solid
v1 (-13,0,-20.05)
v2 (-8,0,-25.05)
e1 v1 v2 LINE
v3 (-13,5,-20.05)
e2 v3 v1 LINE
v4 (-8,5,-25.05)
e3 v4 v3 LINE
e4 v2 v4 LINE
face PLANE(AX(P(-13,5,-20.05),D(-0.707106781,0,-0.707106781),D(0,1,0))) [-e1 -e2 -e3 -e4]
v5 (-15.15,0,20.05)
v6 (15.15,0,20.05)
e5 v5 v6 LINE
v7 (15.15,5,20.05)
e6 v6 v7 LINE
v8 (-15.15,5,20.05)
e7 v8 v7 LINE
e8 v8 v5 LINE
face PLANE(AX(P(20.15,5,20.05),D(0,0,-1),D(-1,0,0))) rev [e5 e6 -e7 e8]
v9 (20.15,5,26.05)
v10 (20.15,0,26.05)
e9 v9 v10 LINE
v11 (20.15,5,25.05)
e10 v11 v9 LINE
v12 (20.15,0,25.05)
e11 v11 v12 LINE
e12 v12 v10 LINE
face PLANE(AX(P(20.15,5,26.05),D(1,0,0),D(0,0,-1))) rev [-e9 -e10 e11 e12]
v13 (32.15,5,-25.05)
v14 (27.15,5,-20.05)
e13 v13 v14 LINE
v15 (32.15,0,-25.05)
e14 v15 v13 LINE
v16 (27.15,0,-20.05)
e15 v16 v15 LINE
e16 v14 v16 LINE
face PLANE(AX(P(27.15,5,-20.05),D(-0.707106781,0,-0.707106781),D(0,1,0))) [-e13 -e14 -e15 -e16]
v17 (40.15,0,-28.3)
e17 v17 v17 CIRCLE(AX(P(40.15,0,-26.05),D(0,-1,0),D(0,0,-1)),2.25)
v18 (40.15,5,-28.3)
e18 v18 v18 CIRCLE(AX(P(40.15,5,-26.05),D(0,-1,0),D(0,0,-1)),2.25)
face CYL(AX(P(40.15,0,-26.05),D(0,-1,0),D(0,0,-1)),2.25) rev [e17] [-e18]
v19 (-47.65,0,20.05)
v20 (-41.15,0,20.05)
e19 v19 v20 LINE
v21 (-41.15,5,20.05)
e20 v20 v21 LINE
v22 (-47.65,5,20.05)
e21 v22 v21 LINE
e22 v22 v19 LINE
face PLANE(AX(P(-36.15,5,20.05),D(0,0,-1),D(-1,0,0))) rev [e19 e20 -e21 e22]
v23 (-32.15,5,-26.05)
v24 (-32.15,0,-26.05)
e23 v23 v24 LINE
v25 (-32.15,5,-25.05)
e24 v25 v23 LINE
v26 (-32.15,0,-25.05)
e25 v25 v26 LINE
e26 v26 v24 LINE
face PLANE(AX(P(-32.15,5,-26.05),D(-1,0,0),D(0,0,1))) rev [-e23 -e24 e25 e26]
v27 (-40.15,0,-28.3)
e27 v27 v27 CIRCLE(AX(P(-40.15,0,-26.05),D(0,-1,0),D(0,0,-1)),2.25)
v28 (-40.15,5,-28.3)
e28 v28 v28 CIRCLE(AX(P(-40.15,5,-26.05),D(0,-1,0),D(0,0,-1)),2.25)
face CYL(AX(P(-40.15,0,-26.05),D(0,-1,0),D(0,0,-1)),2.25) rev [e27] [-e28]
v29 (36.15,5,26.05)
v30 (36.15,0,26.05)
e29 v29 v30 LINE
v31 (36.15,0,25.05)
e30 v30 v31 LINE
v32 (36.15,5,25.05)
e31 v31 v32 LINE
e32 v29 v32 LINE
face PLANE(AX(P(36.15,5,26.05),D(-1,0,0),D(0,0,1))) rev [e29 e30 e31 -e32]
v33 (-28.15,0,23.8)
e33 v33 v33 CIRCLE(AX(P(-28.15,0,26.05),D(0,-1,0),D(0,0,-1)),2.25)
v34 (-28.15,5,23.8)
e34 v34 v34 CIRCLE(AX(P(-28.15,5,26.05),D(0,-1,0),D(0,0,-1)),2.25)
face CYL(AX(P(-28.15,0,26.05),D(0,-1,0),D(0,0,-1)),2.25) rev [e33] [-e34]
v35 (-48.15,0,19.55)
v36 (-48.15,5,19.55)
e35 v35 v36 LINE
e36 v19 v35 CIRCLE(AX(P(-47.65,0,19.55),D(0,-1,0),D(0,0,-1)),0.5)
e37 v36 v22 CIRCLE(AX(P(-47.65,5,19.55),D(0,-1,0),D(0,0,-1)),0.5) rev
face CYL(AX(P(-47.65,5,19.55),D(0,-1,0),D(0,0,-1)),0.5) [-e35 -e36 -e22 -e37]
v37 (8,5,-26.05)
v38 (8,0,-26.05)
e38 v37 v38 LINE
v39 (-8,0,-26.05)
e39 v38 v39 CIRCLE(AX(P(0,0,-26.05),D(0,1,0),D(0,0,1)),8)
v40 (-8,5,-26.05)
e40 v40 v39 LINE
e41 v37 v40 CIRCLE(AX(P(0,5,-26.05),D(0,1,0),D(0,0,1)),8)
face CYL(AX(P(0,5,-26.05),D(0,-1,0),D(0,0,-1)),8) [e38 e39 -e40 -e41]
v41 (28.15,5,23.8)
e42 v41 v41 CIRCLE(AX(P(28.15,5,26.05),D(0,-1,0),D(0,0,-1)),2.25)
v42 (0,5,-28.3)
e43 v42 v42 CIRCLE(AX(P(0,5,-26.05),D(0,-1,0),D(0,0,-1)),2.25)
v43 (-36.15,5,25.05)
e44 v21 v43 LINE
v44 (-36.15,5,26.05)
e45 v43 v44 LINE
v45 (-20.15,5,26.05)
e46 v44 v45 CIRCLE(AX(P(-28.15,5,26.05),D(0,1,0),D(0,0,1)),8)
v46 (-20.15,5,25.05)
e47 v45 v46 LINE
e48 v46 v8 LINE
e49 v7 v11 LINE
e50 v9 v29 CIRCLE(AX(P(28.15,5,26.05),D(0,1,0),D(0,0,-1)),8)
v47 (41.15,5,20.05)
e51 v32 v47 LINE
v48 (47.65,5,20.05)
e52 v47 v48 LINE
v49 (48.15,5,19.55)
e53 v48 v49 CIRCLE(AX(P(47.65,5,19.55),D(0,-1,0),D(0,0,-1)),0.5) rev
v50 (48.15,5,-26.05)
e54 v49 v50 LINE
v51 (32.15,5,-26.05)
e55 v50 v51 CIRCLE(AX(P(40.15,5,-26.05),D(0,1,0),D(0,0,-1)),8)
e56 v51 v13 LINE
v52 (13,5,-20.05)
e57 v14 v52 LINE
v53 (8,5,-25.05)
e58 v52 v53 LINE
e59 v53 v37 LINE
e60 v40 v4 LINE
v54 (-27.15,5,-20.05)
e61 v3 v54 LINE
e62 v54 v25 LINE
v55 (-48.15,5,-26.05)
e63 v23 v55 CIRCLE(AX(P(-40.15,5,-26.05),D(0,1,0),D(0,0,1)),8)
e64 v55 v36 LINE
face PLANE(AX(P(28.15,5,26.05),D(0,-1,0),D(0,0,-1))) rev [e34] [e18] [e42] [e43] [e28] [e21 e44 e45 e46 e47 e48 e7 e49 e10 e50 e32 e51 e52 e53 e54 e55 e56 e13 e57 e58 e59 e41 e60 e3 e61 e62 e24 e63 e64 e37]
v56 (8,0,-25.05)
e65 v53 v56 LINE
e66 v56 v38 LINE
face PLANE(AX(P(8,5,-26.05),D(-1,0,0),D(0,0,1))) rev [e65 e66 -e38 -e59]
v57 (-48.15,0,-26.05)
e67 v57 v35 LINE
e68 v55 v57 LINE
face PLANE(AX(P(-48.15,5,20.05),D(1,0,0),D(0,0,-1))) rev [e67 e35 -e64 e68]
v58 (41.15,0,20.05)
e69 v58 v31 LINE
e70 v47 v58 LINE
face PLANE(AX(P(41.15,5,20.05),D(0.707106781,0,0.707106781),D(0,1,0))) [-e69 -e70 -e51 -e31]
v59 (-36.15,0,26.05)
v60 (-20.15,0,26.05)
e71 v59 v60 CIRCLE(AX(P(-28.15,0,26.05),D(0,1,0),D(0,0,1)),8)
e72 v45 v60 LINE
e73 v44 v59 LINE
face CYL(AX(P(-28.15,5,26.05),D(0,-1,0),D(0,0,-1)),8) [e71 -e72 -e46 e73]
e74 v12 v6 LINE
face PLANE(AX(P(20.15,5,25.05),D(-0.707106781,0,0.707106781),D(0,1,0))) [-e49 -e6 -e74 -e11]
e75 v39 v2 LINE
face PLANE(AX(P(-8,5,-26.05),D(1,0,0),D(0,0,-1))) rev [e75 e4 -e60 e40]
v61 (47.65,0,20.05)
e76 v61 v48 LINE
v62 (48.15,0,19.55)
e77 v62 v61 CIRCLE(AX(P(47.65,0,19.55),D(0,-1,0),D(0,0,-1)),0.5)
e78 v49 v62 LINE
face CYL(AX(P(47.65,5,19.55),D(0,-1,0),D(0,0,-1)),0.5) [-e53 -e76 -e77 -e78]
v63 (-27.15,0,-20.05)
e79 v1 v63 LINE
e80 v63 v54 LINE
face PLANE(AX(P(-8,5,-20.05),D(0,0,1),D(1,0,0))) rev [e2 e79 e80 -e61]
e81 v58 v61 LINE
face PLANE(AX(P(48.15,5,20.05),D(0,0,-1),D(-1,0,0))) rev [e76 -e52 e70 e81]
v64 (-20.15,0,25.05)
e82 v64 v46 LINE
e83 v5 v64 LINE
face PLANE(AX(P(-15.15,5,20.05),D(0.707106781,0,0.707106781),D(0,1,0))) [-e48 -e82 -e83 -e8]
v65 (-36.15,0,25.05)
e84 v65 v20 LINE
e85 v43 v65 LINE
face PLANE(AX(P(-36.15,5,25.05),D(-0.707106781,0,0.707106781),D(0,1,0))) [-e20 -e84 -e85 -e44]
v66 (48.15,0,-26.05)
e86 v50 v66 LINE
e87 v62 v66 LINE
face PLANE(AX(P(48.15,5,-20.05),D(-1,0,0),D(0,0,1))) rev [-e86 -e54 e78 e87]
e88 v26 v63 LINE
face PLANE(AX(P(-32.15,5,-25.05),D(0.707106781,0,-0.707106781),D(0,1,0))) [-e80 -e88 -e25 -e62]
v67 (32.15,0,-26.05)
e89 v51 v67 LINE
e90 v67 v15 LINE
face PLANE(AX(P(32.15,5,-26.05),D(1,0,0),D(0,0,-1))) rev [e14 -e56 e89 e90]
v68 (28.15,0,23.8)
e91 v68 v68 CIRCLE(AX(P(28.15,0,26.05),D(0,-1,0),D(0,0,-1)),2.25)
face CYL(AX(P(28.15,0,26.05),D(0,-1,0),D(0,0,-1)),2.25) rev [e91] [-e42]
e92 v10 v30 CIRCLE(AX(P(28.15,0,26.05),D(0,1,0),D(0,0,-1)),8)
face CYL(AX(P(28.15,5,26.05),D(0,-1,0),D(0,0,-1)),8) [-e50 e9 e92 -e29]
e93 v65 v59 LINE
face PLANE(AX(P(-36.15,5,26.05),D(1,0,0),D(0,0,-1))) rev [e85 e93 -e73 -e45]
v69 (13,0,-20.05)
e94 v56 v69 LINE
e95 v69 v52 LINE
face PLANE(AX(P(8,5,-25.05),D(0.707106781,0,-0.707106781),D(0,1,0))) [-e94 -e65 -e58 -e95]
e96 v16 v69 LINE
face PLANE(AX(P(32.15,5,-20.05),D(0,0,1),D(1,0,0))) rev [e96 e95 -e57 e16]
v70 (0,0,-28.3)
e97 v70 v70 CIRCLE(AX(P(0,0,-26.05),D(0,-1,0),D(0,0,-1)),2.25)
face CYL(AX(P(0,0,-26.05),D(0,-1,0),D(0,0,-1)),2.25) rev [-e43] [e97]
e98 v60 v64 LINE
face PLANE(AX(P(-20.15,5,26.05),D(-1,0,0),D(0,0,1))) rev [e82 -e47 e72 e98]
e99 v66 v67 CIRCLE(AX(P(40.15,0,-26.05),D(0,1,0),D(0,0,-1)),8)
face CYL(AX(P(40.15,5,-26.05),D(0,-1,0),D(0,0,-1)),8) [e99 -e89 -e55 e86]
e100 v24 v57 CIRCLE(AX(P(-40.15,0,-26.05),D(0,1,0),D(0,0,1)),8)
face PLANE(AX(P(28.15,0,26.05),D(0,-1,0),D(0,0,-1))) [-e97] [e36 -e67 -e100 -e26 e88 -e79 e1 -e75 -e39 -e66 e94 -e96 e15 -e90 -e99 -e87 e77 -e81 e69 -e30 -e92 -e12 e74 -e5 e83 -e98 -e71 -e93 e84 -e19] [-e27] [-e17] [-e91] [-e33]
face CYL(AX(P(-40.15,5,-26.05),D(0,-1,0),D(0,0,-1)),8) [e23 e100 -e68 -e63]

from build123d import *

# Parameters (mm, degrees)
BOSS_EXTRUDE1_DEPTH  = 5
CHAMFER1_SIZE        = 5
M4_CLEARANCE_HOLE1_D = 4.5
FILLET1_R            = 0.5


with BuildPart() as part:
    # Sketch1 → Boss-Extrude1 (new body)
    with BuildSketch(Plane(origin=(0, 0, 0), x_dir=(1, 0, 0), z_dir=(0, 1, 0))):
        with BuildLine():
            Line((48.15, -20.05), (48.15, 20.05))
            Line((48.15, 20.05), (48.15, 26.05))
            ThreePointArc((48.15, 26.05), (40.15, 34.05), (32.15, 26.05))
            Line((32.15, 26.05), (32.15, 20.05))
            Line((32.15, 20.05), (8, 20.05))
            Line((8, 20.05), (8, 26.05))
            ThreePointArc((8, 26.05), (0, 34.05), (-8, 26.05))
            Line((-8, 26.05), (-8, 20.05))
            Line((-8, 20.05), (-32.15, 20.05))
            Line((-32.15, 20.05), (-32.15, 26.05))
            ThreePointArc((-32.15, 26.05), (-40.15, 34.05), (-48.15, 26.05))
            Line((-48.15, 26.05), (-48.15, 20.05))
            Line((-48.15, 20.05), (-48.15, -20.05))
            Line((-48.15, -20.05), (-36.15, -20.05))
            Line((-36.15, -20.05), (-36.15, -26.05))
            ThreePointArc((-36.15, -26.05), (-28.15, -34.05), (-20.15, -26.05))
            Line((-20.15, -26.05), (-20.15, -20.05))
            Line((-20.15, -20.05), (20.15, -20.05))
            Line((20.15, -20.05), (20.15, -26.05))
            ThreePointArc((20.15, -26.05), (28.15, -34.05), (36.15, -26.05))
            Line((36.15, -26.05), (36.15, -20.05))
            Line((36.15, -20.05), (48.15, -20.05))
        make_face()
    extrude(amount=BOSS_EXTRUDE1_DEPTH)

    # Chamfer1
    chamfer1_edges = [part.edges().sort_by_distance(p)[0] for p in [
        (36.15, 2.5, 20.05),
        (20.15, 2.5, 20.05),
        (-20.15, 2.5, 20.05),
        (-36.15, 2.5, 20.05),
        (-32.15, 2.5, -20.05),
        (-8, 2.5, -20.05),
        (8, 2.5, -20.05),
        (32.15, 2.5, -20.05),
    ]]
    chamfer(chamfer1_edges, length=CHAMFER1_SIZE)

    # M4 Clearance Hole1 (through all)
    with Locations(Plane(origin=(28.15, 0, 26.05), x_dir=(0, 0, -1), z_dir=(0, -1, 0))):
        with Locations((0, 0), (52.1, -68.3), (52.1, -28.15), (52.1, 12), (0, -56.3)):
            Hole(M4_CLEARANCE_HOLE1_D / 2)

    # Fillet1
    fillet1_edges = [part.edges().sort_by_distance(p)[0] for p in [
        (-48.15, 2.5, 20.05),
        (48.15, 2.5, 20.05),
    ]]
    fillet(fillet1_edges, radius=FILLET1_R)


solid = part.part
